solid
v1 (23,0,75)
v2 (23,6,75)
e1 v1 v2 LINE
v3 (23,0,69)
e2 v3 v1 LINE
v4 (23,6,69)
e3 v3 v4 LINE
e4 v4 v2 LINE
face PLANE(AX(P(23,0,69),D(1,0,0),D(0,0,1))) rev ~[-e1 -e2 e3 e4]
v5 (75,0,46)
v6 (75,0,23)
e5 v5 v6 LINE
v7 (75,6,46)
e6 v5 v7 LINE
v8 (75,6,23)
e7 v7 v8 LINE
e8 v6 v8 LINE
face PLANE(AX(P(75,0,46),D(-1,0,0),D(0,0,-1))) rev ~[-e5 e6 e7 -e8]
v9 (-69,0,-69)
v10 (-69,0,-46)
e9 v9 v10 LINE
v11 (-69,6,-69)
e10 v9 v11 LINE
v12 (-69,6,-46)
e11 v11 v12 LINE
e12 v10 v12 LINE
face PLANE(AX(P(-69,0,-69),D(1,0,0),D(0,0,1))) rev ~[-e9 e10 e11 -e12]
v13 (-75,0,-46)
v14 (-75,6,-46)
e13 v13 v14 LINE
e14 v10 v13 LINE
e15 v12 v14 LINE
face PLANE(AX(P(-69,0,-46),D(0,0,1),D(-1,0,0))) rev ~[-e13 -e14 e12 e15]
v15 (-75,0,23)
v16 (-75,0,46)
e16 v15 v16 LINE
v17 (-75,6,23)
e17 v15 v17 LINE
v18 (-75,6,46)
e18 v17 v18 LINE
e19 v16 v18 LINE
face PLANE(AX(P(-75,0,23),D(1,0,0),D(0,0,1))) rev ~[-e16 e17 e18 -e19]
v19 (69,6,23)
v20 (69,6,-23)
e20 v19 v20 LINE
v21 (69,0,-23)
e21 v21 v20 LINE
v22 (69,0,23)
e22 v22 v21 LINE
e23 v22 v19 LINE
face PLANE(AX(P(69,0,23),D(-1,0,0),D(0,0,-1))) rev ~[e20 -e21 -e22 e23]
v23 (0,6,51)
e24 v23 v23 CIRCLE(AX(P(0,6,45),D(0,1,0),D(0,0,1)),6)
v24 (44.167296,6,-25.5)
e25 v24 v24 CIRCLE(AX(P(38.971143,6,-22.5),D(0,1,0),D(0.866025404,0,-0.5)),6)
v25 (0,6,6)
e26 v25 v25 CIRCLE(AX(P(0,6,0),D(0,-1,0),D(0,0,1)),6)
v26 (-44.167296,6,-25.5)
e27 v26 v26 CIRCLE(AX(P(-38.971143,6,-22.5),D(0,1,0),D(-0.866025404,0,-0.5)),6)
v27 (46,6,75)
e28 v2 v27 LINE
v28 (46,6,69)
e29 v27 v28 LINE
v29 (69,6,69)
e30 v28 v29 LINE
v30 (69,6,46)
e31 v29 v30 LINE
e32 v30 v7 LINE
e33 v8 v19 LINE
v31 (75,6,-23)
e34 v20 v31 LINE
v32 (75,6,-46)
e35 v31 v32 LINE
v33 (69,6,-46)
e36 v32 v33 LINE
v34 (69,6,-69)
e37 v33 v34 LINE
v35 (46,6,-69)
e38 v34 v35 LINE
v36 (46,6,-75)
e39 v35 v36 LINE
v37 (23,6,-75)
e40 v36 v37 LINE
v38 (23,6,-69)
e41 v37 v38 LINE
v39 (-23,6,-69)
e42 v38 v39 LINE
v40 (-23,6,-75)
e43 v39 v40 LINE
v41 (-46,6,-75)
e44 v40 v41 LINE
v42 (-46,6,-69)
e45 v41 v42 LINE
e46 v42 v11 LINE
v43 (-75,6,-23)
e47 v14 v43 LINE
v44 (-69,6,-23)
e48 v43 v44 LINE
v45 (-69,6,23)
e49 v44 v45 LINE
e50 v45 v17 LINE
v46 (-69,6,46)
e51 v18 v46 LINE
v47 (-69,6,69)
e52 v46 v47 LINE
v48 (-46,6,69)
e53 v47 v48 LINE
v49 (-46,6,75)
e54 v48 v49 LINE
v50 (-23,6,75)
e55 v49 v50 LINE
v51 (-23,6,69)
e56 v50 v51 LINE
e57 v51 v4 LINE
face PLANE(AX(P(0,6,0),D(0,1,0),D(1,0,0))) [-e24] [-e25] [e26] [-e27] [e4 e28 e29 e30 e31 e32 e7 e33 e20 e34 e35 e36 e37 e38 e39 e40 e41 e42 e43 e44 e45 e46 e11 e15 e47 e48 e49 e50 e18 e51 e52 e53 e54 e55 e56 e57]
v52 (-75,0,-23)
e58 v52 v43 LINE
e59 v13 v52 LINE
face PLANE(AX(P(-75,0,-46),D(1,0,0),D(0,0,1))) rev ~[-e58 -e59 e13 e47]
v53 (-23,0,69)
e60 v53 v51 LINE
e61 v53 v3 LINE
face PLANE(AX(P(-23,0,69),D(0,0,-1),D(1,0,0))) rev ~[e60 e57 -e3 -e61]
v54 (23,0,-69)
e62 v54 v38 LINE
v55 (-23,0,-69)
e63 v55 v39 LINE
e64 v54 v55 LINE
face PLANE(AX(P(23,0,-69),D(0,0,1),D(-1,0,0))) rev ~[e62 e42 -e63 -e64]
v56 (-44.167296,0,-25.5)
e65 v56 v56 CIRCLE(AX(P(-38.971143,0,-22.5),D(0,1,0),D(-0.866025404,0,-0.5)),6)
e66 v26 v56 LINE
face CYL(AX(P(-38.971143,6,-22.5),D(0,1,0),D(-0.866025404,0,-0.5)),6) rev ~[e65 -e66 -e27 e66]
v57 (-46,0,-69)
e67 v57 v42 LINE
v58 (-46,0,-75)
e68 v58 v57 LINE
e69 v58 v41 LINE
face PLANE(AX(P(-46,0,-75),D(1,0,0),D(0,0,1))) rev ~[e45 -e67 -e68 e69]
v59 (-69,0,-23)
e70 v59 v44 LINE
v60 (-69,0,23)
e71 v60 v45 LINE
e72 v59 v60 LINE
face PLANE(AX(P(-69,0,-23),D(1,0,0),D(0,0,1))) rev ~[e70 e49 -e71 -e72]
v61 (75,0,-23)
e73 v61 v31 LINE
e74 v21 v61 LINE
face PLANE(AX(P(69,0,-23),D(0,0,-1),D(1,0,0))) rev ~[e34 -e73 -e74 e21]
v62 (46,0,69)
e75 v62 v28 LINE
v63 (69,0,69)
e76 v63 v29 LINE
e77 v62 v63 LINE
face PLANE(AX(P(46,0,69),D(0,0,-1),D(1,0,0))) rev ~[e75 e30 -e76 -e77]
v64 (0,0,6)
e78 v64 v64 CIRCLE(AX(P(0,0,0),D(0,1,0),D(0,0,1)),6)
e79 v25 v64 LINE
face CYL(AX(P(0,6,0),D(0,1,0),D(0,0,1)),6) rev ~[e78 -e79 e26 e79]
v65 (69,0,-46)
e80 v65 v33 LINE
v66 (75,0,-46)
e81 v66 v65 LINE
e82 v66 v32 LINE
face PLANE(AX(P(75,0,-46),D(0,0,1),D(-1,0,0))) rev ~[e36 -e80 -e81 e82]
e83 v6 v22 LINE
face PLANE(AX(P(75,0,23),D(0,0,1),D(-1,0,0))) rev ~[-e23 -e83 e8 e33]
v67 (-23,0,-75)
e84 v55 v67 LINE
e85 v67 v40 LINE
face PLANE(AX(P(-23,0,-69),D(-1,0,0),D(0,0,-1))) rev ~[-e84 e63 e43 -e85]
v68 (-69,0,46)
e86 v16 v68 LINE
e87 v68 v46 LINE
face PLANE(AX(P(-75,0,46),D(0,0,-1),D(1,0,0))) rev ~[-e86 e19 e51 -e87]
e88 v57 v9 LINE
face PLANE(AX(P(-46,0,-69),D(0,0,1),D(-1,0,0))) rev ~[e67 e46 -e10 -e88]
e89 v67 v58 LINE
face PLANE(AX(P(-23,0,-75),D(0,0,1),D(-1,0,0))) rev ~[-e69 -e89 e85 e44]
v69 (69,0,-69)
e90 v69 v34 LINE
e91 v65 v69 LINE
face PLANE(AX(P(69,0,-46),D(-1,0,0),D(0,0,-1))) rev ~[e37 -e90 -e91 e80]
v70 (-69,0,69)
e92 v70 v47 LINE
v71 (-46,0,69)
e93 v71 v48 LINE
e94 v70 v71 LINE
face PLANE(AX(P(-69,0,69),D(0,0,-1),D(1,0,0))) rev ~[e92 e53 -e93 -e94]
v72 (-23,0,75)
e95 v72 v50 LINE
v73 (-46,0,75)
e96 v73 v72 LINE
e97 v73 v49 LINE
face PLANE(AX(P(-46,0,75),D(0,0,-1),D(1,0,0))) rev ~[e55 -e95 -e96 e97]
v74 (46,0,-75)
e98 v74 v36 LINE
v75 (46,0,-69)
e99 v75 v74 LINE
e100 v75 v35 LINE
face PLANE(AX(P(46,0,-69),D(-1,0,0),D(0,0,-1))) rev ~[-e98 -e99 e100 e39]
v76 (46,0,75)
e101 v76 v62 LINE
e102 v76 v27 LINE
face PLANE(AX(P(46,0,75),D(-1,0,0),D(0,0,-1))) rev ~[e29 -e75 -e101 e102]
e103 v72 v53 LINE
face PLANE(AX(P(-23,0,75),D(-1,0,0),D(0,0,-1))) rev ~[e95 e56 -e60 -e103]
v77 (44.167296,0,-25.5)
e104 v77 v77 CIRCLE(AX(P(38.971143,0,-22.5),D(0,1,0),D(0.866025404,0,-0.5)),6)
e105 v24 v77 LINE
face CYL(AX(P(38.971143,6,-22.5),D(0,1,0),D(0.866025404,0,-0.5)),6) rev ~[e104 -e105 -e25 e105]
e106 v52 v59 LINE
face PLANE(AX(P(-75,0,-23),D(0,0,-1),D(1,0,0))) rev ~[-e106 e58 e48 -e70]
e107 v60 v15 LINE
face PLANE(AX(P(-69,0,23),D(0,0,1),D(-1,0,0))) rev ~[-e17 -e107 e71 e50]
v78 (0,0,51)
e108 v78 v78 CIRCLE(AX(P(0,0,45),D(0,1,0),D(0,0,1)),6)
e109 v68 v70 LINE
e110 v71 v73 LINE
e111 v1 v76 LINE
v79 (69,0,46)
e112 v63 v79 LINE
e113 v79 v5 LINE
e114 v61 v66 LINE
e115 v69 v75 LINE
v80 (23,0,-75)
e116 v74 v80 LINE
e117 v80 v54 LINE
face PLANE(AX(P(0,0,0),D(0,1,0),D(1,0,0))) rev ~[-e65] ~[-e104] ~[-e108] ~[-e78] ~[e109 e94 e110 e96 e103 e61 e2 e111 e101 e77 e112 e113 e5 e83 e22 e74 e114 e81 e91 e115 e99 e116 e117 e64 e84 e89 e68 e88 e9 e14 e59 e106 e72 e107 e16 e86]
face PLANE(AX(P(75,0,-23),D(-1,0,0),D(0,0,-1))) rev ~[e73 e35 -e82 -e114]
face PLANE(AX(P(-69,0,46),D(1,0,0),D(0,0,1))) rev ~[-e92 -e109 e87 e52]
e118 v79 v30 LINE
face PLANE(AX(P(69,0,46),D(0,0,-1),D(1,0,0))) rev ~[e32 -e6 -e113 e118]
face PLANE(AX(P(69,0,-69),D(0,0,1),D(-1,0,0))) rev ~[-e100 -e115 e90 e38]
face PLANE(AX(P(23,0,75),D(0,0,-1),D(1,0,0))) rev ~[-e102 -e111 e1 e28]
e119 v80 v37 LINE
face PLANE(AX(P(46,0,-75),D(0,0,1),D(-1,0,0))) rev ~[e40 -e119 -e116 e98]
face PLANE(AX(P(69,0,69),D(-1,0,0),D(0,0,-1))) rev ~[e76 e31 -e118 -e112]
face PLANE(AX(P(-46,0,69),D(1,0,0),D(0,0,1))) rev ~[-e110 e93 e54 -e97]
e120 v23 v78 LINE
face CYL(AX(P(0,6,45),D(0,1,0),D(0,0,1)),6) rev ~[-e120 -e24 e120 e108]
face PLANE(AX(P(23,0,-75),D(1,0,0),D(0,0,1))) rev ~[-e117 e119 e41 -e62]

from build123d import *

# Parameters (mm, degrees)
BOSS_EXTRUDE1_DEPTH = 6
SKETCH2_R           = 6
CUT_EXTRUDE1_DEPTH  = 107.235587258
CIRPATTERN1_COUNT   = 3


with BuildPart() as part:
    # Sketch1 → Boss-Extrude1 (new body)
    with BuildSketch(Plane(origin=(0, 0, 0), x_dir=(1, 0, 0), z_dir=(0, 1, 0))):
        Polygon((0, 69), (-23, 69), (-23, 75), (-46, 75), (-46, 69), (-69, 69), (-69, 46), (-75, 46), (-75, 23), (-69, 23), (-69, 0), (-69, -23), (-75, -23), (-75, -46), (-69, -46), (-69, -69), (-46, -69), (-46, -75), (-23, -75), (-23, -69), (0, -69), (23, -69), (23, -75), (46, -75), (46, -69), (69, -69), (69, -46), (75, -46), (75, -23), (69, -23), (69, 0), (69, 23), (75, 23), (75, 46), (69, 46), (69, 69), (46, 69), (46, 75), (23, 75), (23, 69), align=None)
    extrude(amount=BOSS_EXTRUDE1_DEPTH)

    # Sketch2 → Cut-Extrude1 (cut, through all)
    with BuildSketch(Plane(origin=(0, 6, 0), x_dir=(1, 0, 0), z_dir=(0, 1, 0))):
        with Locations(Location((0, 0, 0), (0, 0, 270))):
            Circle(SKETCH2_R)
        with Locations(Location((0, -45, 0), (0, 0, 270))):
            Circle(SKETCH2_R)
    cut_extrude1 = extrude(amount=-CUT_EXTRUDE1_DEPTH, mode=Mode.SUBTRACT)

    # CirPattern1: Cut-Extrude1 ×3 about axis
    cirpattern1_axis = Axis((0, 0, 0), (0, 1, 0))
    for i in range(1, CIRPATTERN1_COUNT):
        add(cut_extrude1.rotate(cirpattern1_axis, i * 360 / CIRPATTERN1_COUNT), mode=Mode.SUBTRACT)


solid = part.part
